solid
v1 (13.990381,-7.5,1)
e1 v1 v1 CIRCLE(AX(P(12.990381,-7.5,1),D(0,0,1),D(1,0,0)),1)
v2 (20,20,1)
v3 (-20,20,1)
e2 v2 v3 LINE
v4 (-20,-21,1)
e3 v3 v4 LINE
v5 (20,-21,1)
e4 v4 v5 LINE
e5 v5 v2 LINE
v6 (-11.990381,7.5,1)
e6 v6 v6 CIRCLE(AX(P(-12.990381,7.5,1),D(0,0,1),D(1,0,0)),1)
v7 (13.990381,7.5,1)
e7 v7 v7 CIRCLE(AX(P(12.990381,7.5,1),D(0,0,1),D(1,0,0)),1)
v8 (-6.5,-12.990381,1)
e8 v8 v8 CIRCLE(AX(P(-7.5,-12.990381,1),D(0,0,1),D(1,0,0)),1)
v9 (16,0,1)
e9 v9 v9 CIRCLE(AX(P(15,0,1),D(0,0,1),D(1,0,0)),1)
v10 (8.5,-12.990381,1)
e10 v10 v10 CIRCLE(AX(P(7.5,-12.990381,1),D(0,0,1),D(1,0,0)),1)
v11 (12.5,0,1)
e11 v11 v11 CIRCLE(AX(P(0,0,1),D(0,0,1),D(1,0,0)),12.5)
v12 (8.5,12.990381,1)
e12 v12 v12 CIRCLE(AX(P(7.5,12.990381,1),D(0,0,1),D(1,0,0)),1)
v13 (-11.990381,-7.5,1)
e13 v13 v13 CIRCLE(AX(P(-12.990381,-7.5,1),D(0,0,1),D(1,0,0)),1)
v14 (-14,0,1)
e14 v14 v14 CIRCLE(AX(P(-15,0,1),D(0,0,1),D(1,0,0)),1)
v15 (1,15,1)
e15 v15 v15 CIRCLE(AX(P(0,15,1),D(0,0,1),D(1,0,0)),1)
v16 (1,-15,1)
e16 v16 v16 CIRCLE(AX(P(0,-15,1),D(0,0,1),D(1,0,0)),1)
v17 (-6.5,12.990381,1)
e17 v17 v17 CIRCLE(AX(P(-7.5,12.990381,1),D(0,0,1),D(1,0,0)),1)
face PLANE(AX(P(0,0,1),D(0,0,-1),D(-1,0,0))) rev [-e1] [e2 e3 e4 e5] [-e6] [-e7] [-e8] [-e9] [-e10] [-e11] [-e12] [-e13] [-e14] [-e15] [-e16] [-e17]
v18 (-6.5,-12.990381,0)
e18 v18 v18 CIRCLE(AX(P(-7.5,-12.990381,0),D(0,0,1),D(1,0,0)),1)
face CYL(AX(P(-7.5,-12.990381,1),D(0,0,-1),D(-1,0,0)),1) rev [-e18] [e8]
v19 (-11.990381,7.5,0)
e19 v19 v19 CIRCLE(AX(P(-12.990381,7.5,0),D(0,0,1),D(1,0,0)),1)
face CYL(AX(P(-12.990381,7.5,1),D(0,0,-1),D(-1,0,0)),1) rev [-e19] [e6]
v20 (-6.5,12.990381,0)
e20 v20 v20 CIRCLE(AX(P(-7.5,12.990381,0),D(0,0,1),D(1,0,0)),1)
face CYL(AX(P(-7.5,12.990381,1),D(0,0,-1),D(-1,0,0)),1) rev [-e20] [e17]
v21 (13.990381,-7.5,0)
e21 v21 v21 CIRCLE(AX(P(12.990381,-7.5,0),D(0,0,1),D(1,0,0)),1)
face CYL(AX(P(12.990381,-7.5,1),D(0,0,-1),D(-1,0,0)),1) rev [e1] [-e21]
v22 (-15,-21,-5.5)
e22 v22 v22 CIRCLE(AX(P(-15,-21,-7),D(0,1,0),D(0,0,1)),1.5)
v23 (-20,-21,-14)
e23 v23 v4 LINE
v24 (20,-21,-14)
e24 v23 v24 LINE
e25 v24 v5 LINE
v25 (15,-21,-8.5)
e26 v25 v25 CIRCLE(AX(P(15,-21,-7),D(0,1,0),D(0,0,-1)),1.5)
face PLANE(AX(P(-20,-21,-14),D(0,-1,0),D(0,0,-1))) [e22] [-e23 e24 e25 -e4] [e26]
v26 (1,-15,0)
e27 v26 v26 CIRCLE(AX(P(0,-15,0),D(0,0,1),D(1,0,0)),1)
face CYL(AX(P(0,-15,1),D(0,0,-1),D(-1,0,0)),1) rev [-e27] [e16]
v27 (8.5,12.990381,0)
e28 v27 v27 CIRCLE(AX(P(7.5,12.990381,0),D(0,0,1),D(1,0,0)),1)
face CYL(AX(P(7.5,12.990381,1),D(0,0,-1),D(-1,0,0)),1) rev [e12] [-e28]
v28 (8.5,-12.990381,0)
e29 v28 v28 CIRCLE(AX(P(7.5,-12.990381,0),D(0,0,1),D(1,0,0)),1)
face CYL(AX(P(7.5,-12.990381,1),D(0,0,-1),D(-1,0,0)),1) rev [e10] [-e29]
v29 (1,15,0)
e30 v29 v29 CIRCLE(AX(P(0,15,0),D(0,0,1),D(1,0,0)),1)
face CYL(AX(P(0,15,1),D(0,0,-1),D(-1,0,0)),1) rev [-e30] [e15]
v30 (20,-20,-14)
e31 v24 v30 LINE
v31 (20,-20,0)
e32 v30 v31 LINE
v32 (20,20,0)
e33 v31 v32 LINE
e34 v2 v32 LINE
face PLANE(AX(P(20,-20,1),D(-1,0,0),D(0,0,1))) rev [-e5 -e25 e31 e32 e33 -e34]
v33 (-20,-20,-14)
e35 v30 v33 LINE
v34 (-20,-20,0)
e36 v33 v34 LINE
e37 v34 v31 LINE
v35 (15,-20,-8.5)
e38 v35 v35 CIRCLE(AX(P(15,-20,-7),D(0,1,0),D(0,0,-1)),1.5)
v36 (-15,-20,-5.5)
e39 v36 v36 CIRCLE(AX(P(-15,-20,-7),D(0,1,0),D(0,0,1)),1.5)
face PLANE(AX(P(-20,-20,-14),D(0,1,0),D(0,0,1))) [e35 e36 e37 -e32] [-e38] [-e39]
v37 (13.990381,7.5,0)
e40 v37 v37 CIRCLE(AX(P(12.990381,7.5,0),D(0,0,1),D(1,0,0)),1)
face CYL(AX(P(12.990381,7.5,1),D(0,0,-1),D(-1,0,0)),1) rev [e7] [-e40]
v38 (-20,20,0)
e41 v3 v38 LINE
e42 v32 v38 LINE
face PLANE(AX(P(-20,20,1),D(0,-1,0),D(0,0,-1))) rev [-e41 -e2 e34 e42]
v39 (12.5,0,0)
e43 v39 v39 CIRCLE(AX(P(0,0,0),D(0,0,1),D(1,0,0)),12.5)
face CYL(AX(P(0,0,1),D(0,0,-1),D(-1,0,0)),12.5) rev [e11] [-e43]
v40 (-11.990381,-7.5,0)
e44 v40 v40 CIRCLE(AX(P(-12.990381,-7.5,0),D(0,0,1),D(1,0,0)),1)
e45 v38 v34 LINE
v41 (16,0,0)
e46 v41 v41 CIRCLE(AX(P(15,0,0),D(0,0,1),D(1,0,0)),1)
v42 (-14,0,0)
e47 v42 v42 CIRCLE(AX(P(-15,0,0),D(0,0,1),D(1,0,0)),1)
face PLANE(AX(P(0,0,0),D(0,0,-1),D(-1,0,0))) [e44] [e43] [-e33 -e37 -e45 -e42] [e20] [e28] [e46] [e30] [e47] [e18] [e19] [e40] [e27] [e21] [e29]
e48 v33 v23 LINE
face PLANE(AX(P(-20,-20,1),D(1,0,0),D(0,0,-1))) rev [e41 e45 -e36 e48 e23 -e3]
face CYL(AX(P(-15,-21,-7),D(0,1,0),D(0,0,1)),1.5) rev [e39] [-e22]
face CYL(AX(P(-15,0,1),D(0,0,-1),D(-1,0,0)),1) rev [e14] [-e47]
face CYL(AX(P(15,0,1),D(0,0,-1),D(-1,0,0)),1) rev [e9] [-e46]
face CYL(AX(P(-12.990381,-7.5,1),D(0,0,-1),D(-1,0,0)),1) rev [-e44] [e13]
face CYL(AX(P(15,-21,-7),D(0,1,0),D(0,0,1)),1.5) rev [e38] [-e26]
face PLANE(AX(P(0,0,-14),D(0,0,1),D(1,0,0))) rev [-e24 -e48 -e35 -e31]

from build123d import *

# Parameters (mm, degrees)
SKETCH1_W           = 40
SKETCH1_H           = 40
SKETCH1_R           = 12.5
SKETCH1_R_2         = 1
BOSS_EXTRUDE2_DEPTH = 1
SKETCH2_W           = 40
SKETCH2_H           = 1
BOSS_EXTRUDE3_DEPTH = 15
SKETCH3_R           = 1.5
CUT_EXTRUDE1_DEPTH  = 2


with BuildPart() as part:
    # Sketch1 → Boss-Extrude2 (new body)
    with BuildSketch(Plane.XY):
        Rectangle(SKETCH1_W, SKETCH1_H)
        Circle(SKETCH1_R, mode=Mode.SUBTRACT)
        with Locations((0, 15)):
            Circle(SKETCH1_R_2, mode=Mode.SUBTRACT)
        with Locations((7.5, 12.990381057)):
            Circle(SKETCH1_R_2, mode=Mode.SUBTRACT)
        with Locations((12.990381057, 7.5)):
            Circle(SKETCH1_R_2, mode=Mode.SUBTRACT)
        with Locations((15, 0)):
            Circle(SKETCH1_R_2, mode=Mode.SUBTRACT)
        with Locations((12.990381057, -7.5)):
            Circle(SKETCH1_R_2, mode=Mode.SUBTRACT)
        with Locations((7.5, -12.990381057)):
            Circle(SKETCH1_R_2, mode=Mode.SUBTRACT)
        with Locations((0, -15)):
            Circle(SKETCH1_R_2, mode=Mode.SUBTRACT)
        with Locations((-7.5, -12.990381057)):
            Circle(SKETCH1_R_2, mode=Mode.SUBTRACT)
        with Locations((-12.990381057, -7.5)):
            Circle(SKETCH1_R_2, mode=Mode.SUBTRACT)
        with Locations((-15, 0)):
            Circle(SKETCH1_R_2, mode=Mode.SUBTRACT)
        with Locations((-12.990381057, 7.5)):
            Circle(SKETCH1_R_2, mode=Mode.SUBTRACT)
        with Locations((-7.5, 12.990381057)):
            Circle(SKETCH1_R_2, mode=Mode.SUBTRACT)
    extrude(amount=BOSS_EXTRUDE2_DEPTH)

    # Sketch2 → Boss-Extrude3 (add)
    with BuildSketch(Plane.XY.offset(1)):
        with Locations((0, -20.5)):
            Rectangle(SKETCH2_W, SKETCH2_H)
    extrude(amount=-BOSS_EXTRUDE3_DEPTH)

    # Sketch3 → Cut-Extrude1 (cut, through all)
    with BuildSketch(Plane(origin=(0, -20, 0), x_dir=(1, 0, 0), z_dir=(0, 1, 0))):
        with Locations((-15, 7)):
            Circle(SKETCH3_R)
        with Locations((15, 7)):
            Circle(SKETCH3_R)
    extrude(amount=-CUT_EXTRUDE1_DEPTH, mode=Mode.SUBTRACT)


solid = part.part
